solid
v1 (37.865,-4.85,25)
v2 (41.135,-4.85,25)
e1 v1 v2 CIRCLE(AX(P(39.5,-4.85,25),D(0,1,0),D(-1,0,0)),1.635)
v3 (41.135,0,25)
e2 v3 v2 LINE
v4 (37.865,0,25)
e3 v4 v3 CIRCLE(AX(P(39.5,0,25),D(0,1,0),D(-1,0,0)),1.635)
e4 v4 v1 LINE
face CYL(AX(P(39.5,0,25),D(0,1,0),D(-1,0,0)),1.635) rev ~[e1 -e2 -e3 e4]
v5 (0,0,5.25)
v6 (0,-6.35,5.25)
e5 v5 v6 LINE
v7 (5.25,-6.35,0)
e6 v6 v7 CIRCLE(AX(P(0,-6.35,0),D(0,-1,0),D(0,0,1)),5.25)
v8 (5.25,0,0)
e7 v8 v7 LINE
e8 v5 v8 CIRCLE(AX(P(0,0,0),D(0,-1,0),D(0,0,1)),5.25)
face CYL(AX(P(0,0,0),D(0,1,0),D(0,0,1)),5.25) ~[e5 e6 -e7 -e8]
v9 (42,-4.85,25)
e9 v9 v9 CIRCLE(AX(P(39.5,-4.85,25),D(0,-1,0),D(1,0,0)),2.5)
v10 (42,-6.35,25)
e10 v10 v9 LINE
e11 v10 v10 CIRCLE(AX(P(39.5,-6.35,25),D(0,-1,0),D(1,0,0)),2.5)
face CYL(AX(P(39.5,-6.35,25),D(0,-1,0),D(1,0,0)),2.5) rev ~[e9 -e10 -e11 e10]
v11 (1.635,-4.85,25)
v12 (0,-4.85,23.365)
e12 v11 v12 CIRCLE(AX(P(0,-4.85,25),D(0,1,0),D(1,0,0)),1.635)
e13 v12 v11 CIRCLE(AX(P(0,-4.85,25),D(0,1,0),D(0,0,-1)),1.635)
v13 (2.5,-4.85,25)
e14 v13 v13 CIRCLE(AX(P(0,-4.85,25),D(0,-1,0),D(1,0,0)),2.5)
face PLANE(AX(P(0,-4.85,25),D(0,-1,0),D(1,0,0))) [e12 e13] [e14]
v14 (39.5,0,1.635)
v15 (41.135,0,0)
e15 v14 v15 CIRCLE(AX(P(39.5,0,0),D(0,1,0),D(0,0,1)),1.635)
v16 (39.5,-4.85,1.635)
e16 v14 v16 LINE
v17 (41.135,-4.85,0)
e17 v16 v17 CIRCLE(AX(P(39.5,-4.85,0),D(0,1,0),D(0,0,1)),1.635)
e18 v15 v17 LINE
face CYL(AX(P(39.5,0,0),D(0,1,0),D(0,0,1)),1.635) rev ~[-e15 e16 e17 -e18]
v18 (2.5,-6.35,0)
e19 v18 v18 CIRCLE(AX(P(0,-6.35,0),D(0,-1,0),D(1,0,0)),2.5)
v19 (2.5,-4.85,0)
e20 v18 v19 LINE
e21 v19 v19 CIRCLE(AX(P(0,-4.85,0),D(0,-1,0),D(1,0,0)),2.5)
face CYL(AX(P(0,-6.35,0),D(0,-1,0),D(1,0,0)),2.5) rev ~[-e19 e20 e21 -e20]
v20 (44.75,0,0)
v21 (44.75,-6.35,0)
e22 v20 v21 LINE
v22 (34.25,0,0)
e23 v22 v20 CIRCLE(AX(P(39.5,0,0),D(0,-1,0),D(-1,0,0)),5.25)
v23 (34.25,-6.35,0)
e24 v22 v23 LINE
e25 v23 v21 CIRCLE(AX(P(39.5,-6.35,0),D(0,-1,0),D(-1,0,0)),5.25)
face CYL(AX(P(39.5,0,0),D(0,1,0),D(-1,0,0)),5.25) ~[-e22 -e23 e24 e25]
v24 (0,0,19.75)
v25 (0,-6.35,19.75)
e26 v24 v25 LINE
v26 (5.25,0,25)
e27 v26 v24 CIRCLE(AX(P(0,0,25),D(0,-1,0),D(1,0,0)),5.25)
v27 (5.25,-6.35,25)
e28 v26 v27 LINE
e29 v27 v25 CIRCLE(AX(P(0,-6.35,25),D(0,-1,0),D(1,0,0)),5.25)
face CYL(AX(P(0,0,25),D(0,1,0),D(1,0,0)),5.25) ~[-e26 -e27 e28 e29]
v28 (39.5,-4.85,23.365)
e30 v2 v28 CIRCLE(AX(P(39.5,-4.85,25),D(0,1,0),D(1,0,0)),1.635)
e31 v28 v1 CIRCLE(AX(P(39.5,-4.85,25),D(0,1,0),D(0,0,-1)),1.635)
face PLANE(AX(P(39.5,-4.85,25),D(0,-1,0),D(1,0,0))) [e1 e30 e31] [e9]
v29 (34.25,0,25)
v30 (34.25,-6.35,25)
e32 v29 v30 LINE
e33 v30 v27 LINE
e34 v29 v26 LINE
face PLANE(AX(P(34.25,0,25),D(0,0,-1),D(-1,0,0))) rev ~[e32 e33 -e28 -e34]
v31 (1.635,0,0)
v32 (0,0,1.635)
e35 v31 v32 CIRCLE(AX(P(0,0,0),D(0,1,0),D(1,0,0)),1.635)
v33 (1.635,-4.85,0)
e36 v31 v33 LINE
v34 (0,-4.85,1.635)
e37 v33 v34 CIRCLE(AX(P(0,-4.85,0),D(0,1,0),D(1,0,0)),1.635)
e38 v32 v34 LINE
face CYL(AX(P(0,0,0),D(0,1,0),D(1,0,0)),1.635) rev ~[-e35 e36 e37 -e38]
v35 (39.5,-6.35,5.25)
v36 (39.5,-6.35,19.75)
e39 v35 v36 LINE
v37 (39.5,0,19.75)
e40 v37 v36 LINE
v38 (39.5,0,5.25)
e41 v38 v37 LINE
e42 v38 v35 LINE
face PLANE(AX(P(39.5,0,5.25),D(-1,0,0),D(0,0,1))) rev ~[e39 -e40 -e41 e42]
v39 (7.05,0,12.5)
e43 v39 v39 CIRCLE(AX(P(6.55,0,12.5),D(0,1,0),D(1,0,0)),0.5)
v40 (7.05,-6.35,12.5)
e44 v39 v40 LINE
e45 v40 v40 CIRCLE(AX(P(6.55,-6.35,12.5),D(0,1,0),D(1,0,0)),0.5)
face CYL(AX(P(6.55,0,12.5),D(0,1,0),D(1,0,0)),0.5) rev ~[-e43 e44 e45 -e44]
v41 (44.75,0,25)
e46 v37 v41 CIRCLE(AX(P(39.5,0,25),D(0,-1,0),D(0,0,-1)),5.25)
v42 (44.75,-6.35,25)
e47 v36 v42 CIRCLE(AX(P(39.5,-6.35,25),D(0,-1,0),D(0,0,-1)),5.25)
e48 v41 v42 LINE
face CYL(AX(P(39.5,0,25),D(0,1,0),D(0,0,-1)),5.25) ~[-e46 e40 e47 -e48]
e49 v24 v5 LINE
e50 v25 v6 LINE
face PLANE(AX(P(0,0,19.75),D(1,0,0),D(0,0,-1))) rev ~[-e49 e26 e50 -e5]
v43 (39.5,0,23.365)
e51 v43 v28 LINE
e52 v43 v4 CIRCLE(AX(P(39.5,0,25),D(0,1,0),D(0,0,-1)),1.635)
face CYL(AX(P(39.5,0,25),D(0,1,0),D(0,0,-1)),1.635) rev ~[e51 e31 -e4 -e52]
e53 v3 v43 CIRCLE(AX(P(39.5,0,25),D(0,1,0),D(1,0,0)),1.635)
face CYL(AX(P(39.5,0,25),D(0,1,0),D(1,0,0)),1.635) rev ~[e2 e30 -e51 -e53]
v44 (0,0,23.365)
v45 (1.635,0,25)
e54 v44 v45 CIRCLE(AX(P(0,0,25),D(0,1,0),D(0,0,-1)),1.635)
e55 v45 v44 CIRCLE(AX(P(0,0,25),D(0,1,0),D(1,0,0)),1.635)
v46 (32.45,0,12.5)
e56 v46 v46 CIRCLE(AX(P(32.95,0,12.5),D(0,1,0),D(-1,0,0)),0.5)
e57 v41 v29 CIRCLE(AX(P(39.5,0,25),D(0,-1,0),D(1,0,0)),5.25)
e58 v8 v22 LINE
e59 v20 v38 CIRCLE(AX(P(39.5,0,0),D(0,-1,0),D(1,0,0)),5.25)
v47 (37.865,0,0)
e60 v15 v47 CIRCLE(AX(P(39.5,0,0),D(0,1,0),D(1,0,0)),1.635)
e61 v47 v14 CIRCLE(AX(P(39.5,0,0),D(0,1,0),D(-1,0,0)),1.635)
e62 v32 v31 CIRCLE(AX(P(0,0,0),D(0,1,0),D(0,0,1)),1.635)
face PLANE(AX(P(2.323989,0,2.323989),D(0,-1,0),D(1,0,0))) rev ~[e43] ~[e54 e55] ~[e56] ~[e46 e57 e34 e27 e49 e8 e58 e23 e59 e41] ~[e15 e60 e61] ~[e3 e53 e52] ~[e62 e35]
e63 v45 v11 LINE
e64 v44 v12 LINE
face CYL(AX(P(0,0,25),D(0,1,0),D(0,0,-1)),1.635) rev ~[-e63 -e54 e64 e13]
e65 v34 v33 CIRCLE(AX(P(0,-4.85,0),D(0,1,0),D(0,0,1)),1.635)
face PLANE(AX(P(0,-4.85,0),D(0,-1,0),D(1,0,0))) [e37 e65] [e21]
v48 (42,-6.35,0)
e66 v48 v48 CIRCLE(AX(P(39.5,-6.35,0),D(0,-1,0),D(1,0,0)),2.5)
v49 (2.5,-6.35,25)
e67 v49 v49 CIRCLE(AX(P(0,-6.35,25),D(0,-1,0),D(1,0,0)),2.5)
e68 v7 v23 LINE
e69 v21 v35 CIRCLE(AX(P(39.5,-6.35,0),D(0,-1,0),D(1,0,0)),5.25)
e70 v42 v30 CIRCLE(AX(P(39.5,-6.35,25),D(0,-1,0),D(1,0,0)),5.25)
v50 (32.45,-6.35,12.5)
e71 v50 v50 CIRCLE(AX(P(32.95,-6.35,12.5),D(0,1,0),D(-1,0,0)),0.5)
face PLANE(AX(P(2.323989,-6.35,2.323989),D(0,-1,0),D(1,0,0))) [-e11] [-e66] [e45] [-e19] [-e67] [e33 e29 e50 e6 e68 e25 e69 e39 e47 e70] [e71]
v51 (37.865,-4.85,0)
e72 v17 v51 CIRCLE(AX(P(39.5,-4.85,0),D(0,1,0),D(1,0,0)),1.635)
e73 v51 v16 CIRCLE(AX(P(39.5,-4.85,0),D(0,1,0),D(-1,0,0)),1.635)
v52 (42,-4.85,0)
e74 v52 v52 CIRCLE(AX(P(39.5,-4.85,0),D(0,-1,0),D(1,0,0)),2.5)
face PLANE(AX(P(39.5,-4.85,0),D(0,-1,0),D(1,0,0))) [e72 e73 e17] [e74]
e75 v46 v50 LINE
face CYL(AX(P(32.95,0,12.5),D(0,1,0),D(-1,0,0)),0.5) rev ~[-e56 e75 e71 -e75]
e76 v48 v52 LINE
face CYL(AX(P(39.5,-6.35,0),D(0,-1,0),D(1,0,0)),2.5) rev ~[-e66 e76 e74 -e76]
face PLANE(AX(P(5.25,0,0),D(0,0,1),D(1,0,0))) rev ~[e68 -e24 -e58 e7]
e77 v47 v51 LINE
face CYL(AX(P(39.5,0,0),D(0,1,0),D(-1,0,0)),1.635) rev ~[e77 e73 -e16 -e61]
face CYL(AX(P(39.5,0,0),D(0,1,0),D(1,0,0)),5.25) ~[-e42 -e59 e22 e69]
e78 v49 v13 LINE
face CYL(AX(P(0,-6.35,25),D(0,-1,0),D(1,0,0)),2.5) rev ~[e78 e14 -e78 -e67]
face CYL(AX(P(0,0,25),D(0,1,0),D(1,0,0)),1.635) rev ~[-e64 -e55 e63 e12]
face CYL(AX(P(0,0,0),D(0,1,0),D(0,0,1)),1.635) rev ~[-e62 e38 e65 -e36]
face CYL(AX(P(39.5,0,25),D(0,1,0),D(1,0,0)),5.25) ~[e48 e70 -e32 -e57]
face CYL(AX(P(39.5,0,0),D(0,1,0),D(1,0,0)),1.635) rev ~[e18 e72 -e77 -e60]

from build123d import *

# Parameters (mm, degrees)
F1_DEPTH = 6.35
F2_R     = 2.5
F3_DEPTH = 1.5
F4_R     = 0.5
F5_DEPTH = 25.4


with BuildPart() as f1:
    # F0 (on Front) → F1 (new body)
    with BuildSketch(Plane.XZ):
        with BuildLine():
            ThreePointArc((0, 1.635), (1.1561195872, 1.1561195872), (1.635, 0))
            Line((1.635, 0), (5.25, 0))
            ThreePointArc((5.25, 0), (3.7123106012, 3.7123106012), (0, 5.25))
            Line((0, 5.25), (0, 1.635))
        make_face()
        with BuildLine():
            Line((5.25, 0), (1.635, 0))
            ThreePointArc((1.635, 0), (-1.1561195872, -1.1561195872), (0, 1.635))
            Line((0, 1.635), (0, 5.25))
            ThreePointArc((0, 5.25), (-3.7123106012, -3.7123106012), (5.25, 0))
        make_face()
        with BuildLine():
            ThreePointArc((0, 5.25), (3.7123106012, 3.7123106012), (5.25, 0))
            Line((5.25, 0), (34.25, 0))
            ThreePointArc((34.25, 0), (35.7876893988, 3.7123106012), (39.5, 5.25))
            Line((39.5, 5.25), (39.5, 19.75))
            ThreePointArc((39.5, 19.75), (35.7876893988, 21.2876893988), (34.25, 25))
            Line((34.25, 25), (5.25, 25))
            ThreePointArc((5.25, 25), (3.7123106012, 21.2876893988), (0, 19.75))
            Line((0, 19.75), (0, 5.25))
        make_face()
        with BuildLine():
            ThreePointArc((39.5, 5.25), (35.7876893988, 3.7123106012), (34.25, 0))
            Line((34.25, 0), (37.865, 0))
            ThreePointArc((37.865, 0), (38.3438804128, 1.1561195872), (39.5, 1.635))
            Line((39.5, 1.635), (39.5, 5.25))
        make_face()
        with BuildLine():
            Line((37.865, 0), (34.25, 0))
            ThreePointArc((34.25, 0), (39.5, -5.25), (44.75, 0))
            ThreePointArc((44.75, 0), (43.2123106012, 3.7123106012), (39.5, 5.25))
            Line((39.5, 5.25), (39.5, 1.635))
            ThreePointArc((39.5, 1.635), (40.6561195872, 1.1561195872), (41.135, 0))
            ThreePointArc((41.135, 0), (39.5, -1.635), (37.865, 0))
        make_face()
        with BuildLine():
            ThreePointArc((5.25, 25), (-3.7123106012, 28.7123106012), (0, 19.75))
            Line((0, 19.75), (0, 23.365))
            ThreePointArc((0, 23.365), (-1.1561195872, 26.1561195872), (1.635, 25))
            Line((1.635, 25), (5.25, 25))
        make_face()
        with BuildLine():
            Line((0, 23.365), (0, 19.75))
            ThreePointArc((0, 19.75), (3.7123106012, 21.2876893988), (5.25, 25))
            Line((5.25, 25), (1.635, 25))
            ThreePointArc((1.635, 25), (1.1561195872, 23.8438804128), (0, 23.365))
        make_face()
        with BuildLine():
            ThreePointArc((34.25, 25), (35.7876893988, 21.2876893988), (39.5, 19.75))
            Line((39.5, 19.75), (39.5, 23.365))
            ThreePointArc((39.5, 23.365), (38.3438804128, 23.8438804128), (37.865, 25))
            Line((37.865, 25), (34.25, 25))
        make_face()
        with BuildLine():
            Line((39.5, 23.365), (39.5, 19.75))
            ThreePointArc((39.5, 19.75), (43.2123106012, 21.2876893988), (44.75, 25))
            ThreePointArc((44.75, 25), (39.5, 30.25), (34.25, 25))
            Line((34.25, 25), (37.865, 25))
            ThreePointArc((37.865, 25), (39.5, 26.635), (41.135, 25))
            ThreePointArc((41.135, 25), (40.6561195872, 23.8438804128), (39.5, 23.365))
        make_face()
    extrude(amount=F1_DEPTH)

    # F2 (on face) → F3 (cut)
    with BuildSketch(Plane.XZ.offset(6.35)):
        with Locations((0, 25)):
            Circle(F2_R)
        with Locations((39.5, 25)):
            Circle(F2_R)
        with Locations((39.5, 0)):
            Circle(F2_R)
        Circle(F2_R)
    extrude(amount=-F3_DEPTH, mode=Mode.SUBTRACT)

    # F4 (on face) → F5 (cut)
    with BuildSketch(Plane(origin=(0, 0, 0), x_dir=(-1, 0, 0), z_dir=(0, 1, 0))):
        with Locations((-32.95, 12.5)):
            Circle(F4_R)
        with BuildLine():
            ThreePointArc((-6.05, 12.5), (-6.55, 13), (-7.05, 12.5))
            ThreePointArc((-7.05, 12.5), (-6.55, 12), (-6.05, 12.5))
        make_face()
    extrude(amount=-F5_DEPTH, mode=Mode.SUBTRACT)


solid = f1.part
